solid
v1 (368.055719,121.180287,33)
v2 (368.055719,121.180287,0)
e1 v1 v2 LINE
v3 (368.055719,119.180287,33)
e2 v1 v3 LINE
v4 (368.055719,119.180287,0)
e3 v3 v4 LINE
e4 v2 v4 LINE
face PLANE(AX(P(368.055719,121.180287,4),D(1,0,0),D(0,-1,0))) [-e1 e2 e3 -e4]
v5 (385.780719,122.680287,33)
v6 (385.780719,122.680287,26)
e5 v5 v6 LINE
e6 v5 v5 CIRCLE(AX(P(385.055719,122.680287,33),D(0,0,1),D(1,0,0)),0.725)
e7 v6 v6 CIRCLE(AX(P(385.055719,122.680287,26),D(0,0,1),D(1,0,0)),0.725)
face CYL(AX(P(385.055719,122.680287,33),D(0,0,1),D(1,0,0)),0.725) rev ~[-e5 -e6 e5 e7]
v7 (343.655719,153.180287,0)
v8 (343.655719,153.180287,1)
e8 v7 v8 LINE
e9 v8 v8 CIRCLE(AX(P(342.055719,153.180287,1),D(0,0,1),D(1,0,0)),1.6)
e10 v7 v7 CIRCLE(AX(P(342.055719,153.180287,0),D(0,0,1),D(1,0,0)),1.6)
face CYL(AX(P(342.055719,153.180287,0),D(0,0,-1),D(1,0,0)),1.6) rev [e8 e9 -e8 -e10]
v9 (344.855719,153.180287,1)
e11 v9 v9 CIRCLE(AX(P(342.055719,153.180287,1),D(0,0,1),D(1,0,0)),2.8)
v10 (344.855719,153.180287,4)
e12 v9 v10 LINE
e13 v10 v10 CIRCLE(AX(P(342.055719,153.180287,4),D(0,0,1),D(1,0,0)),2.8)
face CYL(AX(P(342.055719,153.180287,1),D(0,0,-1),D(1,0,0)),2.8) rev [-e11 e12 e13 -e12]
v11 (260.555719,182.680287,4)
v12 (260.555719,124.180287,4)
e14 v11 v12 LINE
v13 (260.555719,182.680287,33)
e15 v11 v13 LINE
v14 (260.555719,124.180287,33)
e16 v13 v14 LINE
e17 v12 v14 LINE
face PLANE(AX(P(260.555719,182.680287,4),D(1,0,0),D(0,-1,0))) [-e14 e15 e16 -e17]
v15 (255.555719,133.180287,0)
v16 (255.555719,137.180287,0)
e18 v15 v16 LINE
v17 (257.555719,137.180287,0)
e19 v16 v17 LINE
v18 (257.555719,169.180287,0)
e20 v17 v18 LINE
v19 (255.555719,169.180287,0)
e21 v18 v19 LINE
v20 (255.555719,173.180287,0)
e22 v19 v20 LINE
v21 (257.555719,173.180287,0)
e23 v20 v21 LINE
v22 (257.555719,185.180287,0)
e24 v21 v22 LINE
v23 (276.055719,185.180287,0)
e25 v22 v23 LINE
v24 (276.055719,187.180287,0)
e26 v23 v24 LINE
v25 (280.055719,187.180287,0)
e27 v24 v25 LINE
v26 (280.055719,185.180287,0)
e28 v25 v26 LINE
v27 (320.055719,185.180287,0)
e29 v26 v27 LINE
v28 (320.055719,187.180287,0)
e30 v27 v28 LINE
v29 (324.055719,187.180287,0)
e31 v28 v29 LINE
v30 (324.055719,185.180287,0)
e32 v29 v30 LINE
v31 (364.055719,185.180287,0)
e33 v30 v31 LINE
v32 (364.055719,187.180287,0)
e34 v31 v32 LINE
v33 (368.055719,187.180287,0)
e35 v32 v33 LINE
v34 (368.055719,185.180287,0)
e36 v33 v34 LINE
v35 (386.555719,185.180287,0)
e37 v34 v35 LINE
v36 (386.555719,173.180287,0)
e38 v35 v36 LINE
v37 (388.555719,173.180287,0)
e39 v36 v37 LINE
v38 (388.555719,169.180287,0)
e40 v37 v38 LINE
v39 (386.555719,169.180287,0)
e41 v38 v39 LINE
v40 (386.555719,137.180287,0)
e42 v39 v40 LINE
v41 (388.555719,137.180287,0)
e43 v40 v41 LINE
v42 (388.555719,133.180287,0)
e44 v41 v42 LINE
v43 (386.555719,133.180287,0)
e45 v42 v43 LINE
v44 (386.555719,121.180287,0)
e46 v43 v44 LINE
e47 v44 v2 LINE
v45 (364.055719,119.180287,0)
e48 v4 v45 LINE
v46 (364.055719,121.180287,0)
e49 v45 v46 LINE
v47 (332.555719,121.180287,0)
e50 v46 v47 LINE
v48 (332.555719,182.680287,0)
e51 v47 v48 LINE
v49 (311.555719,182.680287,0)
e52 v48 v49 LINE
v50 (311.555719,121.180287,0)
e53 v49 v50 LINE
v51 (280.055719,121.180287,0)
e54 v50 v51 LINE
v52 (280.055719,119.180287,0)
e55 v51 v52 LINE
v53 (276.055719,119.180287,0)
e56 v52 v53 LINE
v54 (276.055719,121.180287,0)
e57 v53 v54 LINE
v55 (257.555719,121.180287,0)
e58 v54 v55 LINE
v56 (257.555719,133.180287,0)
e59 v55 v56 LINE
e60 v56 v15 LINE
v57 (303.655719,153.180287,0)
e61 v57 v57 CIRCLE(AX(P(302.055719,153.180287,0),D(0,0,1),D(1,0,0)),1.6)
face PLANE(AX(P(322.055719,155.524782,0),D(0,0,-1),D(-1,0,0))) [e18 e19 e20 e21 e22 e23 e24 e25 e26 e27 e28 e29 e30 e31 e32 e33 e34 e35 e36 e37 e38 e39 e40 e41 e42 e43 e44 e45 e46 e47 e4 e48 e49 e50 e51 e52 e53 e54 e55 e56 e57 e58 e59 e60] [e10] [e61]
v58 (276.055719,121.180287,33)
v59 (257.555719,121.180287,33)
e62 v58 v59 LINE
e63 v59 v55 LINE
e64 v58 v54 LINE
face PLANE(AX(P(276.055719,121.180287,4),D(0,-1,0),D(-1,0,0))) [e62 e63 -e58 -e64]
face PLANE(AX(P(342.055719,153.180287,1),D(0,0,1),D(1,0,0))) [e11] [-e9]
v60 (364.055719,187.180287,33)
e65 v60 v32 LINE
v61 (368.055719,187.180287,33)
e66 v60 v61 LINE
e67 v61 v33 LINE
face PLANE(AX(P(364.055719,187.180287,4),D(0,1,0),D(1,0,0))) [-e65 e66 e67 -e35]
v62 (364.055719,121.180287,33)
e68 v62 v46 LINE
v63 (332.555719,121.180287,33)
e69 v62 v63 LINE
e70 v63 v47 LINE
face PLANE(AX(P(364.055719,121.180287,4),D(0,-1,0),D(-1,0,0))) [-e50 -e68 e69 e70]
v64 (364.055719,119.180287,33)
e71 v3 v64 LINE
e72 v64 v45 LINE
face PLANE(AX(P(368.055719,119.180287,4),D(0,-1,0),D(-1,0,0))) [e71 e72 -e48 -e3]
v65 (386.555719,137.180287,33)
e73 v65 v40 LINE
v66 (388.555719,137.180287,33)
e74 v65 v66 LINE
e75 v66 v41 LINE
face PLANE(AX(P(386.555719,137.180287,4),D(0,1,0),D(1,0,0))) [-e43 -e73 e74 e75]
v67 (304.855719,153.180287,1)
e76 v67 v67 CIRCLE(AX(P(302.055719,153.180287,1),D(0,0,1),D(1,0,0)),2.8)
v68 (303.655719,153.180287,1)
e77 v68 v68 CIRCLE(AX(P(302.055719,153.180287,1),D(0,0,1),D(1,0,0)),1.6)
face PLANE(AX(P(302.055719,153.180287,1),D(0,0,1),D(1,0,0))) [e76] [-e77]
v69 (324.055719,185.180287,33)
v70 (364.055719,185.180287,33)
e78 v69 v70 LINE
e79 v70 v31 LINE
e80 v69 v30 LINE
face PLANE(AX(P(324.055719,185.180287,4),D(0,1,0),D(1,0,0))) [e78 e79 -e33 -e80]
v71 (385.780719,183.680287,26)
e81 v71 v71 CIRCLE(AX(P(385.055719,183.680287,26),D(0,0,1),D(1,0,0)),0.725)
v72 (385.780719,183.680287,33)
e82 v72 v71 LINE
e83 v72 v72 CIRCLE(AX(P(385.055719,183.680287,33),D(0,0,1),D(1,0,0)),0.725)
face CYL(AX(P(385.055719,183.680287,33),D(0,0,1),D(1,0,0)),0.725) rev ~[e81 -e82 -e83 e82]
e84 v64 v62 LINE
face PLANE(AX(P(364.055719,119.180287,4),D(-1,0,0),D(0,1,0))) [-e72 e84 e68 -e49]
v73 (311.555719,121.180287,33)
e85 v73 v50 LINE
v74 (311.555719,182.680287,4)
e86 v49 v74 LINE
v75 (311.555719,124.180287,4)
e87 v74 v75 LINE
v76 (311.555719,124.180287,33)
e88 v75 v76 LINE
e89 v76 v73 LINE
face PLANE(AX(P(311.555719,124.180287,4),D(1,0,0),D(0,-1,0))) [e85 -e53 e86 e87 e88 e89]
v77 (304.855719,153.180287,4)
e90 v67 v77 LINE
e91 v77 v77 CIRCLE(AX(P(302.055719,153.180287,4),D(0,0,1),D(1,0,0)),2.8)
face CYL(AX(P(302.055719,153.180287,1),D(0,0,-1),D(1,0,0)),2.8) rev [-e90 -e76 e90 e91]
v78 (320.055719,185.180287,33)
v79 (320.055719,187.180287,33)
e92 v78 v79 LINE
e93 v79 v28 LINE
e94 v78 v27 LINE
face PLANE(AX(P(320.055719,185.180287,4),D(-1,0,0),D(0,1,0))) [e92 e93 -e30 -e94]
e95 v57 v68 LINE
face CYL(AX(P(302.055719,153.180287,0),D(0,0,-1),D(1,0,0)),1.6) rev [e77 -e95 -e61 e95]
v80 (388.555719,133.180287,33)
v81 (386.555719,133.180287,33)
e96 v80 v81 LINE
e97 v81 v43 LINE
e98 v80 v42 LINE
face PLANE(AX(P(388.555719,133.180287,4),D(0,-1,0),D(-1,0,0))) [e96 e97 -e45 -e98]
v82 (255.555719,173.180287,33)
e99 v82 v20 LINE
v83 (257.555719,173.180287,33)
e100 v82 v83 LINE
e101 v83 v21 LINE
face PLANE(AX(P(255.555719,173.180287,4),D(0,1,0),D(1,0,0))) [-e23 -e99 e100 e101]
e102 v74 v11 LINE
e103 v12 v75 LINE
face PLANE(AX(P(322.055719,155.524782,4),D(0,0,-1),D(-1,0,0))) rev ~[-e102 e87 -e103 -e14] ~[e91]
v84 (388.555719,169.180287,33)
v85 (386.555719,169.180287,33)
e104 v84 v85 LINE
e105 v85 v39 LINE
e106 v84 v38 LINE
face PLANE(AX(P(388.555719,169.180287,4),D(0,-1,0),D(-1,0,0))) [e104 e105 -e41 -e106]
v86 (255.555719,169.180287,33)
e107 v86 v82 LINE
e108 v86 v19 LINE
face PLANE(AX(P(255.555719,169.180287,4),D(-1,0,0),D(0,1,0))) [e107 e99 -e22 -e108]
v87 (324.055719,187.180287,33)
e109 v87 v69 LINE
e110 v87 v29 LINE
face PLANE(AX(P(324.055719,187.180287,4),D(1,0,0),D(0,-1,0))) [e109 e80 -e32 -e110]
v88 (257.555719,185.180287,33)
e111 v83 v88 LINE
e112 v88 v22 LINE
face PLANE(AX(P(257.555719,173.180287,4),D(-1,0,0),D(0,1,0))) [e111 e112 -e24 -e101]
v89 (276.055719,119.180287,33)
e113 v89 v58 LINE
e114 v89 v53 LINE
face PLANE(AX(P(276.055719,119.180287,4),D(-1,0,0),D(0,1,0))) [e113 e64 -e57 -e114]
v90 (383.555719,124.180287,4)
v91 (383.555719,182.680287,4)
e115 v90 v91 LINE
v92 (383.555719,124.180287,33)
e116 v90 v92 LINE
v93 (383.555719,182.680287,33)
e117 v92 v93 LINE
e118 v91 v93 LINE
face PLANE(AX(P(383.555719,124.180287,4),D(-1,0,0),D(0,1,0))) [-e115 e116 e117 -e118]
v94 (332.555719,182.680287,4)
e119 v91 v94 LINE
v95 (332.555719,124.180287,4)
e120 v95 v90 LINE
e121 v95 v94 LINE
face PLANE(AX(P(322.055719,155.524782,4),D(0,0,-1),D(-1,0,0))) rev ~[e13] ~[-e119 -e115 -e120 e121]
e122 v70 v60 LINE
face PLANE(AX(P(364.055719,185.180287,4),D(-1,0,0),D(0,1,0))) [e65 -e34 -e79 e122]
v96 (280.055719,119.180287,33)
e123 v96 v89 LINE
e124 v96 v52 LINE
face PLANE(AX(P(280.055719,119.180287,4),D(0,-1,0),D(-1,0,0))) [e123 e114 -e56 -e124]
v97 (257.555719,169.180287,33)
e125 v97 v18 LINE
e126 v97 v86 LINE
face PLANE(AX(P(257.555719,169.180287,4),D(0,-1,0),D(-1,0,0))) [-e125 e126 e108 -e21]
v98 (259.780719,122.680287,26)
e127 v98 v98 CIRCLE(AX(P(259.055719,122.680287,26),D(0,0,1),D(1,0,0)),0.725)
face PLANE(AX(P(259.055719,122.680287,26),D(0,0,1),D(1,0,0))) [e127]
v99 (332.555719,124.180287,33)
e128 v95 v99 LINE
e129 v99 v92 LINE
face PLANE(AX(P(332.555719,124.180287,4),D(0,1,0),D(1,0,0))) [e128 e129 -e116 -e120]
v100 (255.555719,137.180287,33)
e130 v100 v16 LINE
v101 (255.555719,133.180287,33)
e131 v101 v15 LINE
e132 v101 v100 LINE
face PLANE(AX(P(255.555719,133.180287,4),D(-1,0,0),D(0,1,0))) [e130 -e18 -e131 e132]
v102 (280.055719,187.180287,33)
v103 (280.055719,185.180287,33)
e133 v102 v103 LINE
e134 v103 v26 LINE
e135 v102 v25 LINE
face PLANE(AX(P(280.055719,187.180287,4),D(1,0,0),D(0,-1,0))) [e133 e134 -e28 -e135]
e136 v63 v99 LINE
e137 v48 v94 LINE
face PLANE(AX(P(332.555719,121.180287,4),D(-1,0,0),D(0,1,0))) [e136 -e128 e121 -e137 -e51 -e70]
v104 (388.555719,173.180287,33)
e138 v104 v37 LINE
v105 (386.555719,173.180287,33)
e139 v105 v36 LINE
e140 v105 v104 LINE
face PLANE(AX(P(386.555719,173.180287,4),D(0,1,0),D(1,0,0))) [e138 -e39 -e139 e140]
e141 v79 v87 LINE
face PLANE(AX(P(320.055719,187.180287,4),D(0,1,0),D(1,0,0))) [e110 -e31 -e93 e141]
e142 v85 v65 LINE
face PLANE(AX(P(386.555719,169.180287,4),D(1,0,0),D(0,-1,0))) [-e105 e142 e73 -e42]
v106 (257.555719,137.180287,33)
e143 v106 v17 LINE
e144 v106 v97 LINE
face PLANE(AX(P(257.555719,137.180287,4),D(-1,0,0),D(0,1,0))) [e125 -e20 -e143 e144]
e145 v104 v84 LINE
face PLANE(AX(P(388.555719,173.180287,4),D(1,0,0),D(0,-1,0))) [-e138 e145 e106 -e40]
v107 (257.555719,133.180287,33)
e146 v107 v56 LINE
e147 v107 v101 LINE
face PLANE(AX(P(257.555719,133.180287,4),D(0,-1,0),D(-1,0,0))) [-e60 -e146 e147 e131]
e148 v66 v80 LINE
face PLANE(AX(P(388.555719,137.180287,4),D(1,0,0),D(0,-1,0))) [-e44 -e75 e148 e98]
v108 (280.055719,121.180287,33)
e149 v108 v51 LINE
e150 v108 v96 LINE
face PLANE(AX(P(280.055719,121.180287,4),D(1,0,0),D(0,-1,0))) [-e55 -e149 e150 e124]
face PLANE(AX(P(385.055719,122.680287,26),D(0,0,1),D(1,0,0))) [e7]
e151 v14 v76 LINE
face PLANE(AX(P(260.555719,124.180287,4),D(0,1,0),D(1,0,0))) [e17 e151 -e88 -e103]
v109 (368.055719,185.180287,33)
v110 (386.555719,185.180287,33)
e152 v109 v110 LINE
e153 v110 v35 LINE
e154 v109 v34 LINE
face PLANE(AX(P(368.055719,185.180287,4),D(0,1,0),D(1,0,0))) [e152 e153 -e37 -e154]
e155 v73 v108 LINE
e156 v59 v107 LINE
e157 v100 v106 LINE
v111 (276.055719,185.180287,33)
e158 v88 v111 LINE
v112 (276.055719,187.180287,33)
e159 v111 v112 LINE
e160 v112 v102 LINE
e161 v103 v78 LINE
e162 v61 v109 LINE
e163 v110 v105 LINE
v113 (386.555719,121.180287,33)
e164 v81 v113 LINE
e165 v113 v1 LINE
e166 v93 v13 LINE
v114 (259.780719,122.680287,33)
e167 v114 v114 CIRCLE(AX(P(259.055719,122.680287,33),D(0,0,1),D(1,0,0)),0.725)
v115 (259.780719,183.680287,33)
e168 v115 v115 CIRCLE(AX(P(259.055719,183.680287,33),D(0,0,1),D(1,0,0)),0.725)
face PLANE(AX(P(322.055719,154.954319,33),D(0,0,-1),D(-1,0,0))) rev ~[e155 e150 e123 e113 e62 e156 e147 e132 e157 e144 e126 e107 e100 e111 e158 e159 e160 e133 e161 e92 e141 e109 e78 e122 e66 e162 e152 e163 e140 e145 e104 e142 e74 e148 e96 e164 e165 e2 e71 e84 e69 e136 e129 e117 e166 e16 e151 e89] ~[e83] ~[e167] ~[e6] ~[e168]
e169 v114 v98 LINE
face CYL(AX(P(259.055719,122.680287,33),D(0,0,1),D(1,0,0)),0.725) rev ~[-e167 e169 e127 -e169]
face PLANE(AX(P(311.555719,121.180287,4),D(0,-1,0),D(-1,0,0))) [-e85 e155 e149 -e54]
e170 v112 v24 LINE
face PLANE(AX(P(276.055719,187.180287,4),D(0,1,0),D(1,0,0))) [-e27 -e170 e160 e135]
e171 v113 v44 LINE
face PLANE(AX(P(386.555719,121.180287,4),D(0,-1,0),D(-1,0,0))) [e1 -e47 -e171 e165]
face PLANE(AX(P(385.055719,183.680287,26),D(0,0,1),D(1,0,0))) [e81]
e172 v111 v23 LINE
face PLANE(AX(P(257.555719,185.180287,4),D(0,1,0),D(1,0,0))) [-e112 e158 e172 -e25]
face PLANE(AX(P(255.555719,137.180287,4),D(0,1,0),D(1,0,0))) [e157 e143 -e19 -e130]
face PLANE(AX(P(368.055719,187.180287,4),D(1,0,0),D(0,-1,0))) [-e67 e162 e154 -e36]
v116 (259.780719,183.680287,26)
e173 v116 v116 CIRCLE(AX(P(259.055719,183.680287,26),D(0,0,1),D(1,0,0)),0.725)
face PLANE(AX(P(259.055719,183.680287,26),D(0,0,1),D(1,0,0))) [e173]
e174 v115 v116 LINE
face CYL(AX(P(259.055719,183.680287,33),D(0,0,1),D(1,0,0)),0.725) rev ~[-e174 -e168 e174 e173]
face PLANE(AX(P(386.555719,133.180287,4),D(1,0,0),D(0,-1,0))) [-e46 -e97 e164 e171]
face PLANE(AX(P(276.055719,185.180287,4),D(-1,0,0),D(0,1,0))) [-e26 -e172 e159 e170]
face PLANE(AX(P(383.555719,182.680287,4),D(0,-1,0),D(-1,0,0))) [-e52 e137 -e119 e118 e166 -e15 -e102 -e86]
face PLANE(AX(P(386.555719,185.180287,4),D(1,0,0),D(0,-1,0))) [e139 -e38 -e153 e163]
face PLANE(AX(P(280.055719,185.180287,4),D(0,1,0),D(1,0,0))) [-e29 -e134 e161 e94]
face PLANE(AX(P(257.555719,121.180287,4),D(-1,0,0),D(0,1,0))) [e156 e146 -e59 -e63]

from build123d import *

# Parameters (mm, degrees)
MODEL_R             = 1.6
EXTRUDE_1_DEPTH     = 4
CUT_EXTRUDE_START   = -3
SKETCH_2_R          = 2.8
SKETCH_2_R_2        = 1.6
CUT_EXTRUDE_1_DEPTH = 3
EXTRUDE_2_DEPTH     = 29
SKETCH_6_R          = 0.725
CUT_EXTRUDE_2_DEPTH = 7


with BuildPart() as part:
    # Model → 凸台-拉伸1 (new body)
    with BuildSketch(Plane.XY):
        Polygon((257.555719115, 185.180286748), (276.055719115, 185.180286748), (276.055719115, 187.180286748), (280.055719115, 187.180286748), (280.055719115, 185.180286748), (320.055719115, 185.180286748), (320.055719115, 187.180286748), (324.055719115, 187.180286748), (324.055719115, 185.180286748), (364.055719115, 185.180286748), (364.055719115, 187.180286748), (368.055719115, 187.180286748), (368.055719115, 185.180286748), (386.555719115, 185.180286748), (386.555719115, 173.180286748), (388.555719115, 173.180286748), (388.555719115, 169.180286748), (386.555719115, 169.180286748), (386.555719115, 137.180286748), (388.555719115, 137.180286748), (388.555719115, 133.180286748), (386.555719115, 133.180286748), (386.555719115, 121.180286748), (368.055719115, 121.180286748), (368.055719115, 119.180286748), (364.055719115, 119.180286748), (364.055719115, 121.180286748), (332.555719115, 121.180286748), (332.555719115, 182.680286748), (311.555719115, 182.680286748), (311.555719115, 121.180286748), (280.055719115, 121.180286748), (280.055719115, 119.180286748), (276.055719115, 119.180286748), (276.055719115, 121.180286748), (257.555719115, 121.180286748), (257.555719115, 133.180286748), (255.555719115, 133.180286748), (255.555719115, 137.180286748), (257.555719115, 137.180286748), (257.555719115, 169.180286748), (255.555719115, 169.180286748), (255.555719115, 173.180286748), (257.555719115, 173.180286748), align=None)
        with Locations((342.055719115, 153.180286748)):
            Circle(MODEL_R, mode=Mode.SUBTRACT)
        with Locations((302.055719115, 153.180286748)):
            Circle(MODEL_R, mode=Mode.SUBTRACT)
    extrude(amount=EXTRUDE_1_DEPTH)

    # 草图2 → 切除-拉伸1 (cut)
    # profile 1 of 2: a face of its own
    with BuildSketch(Plane.XY.offset(4).offset(CUT_EXTRUDE_START)):
        with Locations((302.055719115, 153.180286748)):
            Circle(SKETCH_2_R)
        with Locations((302.055719115, 153.180286748)):
            Circle(SKETCH_2_R_2, mode=Mode.SUBTRACT)
    # profile 2 of 2: a face of its own
    with BuildSketch(Plane.XY.offset(4).offset(CUT_EXTRUDE_START)):
        with Locations((342.055719115, 153.180286748)):
            Circle(SKETCH_2_R)
        with Locations((342.055719115, 153.180286748)):
            Circle(SKETCH_2_R_2, mode=Mode.SUBTRACT)
    extrude(amount=CUT_EXTRUDE_1_DEPTH, mode=Mode.SUBTRACT)

    # 草图3 → 凸台-拉伸2 (add)
    with BuildSketch(Plane.XY.offset(4)):
        Polygon((260.555719115, 182.680286748), (260.555719115, 124.180286748), (311.555719115, 124.180286748), (311.555719115, 121.180286748), (280.055719115, 121.180286748), (280.055719115, 119.180286748), (276.055719115, 119.180286748), (276.055719115, 121.180286748), (257.555719115, 121.180286748), (257.555719115, 133.180286748), (255.555719115, 133.180286748), (255.555719115, 137.180286748), (257.555719115, 137.180286748), (257.555719115, 169.180286748), (255.555719115, 169.180286748), (255.555719115, 173.180286748), (257.555719115, 173.180286748), (257.555719115, 185.180286748), (276.055719115, 185.180286748), (276.055719115, 187.180286748), (280.055719115, 187.180286748), (280.055719115, 185.180286748), (320.055719115, 185.180286748), (320.055719115, 187.180286748), (324.055719115, 187.180286748), (324.055719115, 185.180286748), (364.055719115, 185.180286748), (364.055719115, 187.180286748), (368.055719115, 187.180286748), (368.055719115, 185.180286748), (386.555719115, 185.180286748), (386.555719115, 173.180286748), (388.555719115, 173.180286748), (388.555719115, 169.180286748), (386.555719115, 169.180286748), (386.555719115, 137.180286748), (388.555719115, 137.180286748), (388.555719115, 133.180286748), (386.555719115, 133.180286748), (386.555719115, 121.180286748), (368.055719115, 121.180286748), (368.055719115, 119.180286748), (364.055719115, 119.180286748), (364.055719115, 121.180286748), (332.555719115, 121.180286748), (332.555719115, 124.180286748), (383.555719115, 124.180286748), (383.555719115, 182.680286748), align=None)
    extrude(amount=EXTRUDE_2_DEPTH)

    # 草图6 → 切除-拉伸2 (cut)
    with BuildSketch(Plane.XY.offset(33)):
        with Locations((259.055719115, 183.680286748)):
            Circle(SKETCH_6_R)
        with Locations((385.055719115, 183.680286748)):
            Circle(SKETCH_6_R)
        with Locations((385.055719115, 122.680286748)):
            Circle(SKETCH_6_R)
        with Locations((259.055719115, 122.680286748)):
            Circle(SKETCH_6_R)
    extrude(amount=-CUT_EXTRUDE_2_DEPTH, mode=Mode.SUBTRACT)


solid = part.part
